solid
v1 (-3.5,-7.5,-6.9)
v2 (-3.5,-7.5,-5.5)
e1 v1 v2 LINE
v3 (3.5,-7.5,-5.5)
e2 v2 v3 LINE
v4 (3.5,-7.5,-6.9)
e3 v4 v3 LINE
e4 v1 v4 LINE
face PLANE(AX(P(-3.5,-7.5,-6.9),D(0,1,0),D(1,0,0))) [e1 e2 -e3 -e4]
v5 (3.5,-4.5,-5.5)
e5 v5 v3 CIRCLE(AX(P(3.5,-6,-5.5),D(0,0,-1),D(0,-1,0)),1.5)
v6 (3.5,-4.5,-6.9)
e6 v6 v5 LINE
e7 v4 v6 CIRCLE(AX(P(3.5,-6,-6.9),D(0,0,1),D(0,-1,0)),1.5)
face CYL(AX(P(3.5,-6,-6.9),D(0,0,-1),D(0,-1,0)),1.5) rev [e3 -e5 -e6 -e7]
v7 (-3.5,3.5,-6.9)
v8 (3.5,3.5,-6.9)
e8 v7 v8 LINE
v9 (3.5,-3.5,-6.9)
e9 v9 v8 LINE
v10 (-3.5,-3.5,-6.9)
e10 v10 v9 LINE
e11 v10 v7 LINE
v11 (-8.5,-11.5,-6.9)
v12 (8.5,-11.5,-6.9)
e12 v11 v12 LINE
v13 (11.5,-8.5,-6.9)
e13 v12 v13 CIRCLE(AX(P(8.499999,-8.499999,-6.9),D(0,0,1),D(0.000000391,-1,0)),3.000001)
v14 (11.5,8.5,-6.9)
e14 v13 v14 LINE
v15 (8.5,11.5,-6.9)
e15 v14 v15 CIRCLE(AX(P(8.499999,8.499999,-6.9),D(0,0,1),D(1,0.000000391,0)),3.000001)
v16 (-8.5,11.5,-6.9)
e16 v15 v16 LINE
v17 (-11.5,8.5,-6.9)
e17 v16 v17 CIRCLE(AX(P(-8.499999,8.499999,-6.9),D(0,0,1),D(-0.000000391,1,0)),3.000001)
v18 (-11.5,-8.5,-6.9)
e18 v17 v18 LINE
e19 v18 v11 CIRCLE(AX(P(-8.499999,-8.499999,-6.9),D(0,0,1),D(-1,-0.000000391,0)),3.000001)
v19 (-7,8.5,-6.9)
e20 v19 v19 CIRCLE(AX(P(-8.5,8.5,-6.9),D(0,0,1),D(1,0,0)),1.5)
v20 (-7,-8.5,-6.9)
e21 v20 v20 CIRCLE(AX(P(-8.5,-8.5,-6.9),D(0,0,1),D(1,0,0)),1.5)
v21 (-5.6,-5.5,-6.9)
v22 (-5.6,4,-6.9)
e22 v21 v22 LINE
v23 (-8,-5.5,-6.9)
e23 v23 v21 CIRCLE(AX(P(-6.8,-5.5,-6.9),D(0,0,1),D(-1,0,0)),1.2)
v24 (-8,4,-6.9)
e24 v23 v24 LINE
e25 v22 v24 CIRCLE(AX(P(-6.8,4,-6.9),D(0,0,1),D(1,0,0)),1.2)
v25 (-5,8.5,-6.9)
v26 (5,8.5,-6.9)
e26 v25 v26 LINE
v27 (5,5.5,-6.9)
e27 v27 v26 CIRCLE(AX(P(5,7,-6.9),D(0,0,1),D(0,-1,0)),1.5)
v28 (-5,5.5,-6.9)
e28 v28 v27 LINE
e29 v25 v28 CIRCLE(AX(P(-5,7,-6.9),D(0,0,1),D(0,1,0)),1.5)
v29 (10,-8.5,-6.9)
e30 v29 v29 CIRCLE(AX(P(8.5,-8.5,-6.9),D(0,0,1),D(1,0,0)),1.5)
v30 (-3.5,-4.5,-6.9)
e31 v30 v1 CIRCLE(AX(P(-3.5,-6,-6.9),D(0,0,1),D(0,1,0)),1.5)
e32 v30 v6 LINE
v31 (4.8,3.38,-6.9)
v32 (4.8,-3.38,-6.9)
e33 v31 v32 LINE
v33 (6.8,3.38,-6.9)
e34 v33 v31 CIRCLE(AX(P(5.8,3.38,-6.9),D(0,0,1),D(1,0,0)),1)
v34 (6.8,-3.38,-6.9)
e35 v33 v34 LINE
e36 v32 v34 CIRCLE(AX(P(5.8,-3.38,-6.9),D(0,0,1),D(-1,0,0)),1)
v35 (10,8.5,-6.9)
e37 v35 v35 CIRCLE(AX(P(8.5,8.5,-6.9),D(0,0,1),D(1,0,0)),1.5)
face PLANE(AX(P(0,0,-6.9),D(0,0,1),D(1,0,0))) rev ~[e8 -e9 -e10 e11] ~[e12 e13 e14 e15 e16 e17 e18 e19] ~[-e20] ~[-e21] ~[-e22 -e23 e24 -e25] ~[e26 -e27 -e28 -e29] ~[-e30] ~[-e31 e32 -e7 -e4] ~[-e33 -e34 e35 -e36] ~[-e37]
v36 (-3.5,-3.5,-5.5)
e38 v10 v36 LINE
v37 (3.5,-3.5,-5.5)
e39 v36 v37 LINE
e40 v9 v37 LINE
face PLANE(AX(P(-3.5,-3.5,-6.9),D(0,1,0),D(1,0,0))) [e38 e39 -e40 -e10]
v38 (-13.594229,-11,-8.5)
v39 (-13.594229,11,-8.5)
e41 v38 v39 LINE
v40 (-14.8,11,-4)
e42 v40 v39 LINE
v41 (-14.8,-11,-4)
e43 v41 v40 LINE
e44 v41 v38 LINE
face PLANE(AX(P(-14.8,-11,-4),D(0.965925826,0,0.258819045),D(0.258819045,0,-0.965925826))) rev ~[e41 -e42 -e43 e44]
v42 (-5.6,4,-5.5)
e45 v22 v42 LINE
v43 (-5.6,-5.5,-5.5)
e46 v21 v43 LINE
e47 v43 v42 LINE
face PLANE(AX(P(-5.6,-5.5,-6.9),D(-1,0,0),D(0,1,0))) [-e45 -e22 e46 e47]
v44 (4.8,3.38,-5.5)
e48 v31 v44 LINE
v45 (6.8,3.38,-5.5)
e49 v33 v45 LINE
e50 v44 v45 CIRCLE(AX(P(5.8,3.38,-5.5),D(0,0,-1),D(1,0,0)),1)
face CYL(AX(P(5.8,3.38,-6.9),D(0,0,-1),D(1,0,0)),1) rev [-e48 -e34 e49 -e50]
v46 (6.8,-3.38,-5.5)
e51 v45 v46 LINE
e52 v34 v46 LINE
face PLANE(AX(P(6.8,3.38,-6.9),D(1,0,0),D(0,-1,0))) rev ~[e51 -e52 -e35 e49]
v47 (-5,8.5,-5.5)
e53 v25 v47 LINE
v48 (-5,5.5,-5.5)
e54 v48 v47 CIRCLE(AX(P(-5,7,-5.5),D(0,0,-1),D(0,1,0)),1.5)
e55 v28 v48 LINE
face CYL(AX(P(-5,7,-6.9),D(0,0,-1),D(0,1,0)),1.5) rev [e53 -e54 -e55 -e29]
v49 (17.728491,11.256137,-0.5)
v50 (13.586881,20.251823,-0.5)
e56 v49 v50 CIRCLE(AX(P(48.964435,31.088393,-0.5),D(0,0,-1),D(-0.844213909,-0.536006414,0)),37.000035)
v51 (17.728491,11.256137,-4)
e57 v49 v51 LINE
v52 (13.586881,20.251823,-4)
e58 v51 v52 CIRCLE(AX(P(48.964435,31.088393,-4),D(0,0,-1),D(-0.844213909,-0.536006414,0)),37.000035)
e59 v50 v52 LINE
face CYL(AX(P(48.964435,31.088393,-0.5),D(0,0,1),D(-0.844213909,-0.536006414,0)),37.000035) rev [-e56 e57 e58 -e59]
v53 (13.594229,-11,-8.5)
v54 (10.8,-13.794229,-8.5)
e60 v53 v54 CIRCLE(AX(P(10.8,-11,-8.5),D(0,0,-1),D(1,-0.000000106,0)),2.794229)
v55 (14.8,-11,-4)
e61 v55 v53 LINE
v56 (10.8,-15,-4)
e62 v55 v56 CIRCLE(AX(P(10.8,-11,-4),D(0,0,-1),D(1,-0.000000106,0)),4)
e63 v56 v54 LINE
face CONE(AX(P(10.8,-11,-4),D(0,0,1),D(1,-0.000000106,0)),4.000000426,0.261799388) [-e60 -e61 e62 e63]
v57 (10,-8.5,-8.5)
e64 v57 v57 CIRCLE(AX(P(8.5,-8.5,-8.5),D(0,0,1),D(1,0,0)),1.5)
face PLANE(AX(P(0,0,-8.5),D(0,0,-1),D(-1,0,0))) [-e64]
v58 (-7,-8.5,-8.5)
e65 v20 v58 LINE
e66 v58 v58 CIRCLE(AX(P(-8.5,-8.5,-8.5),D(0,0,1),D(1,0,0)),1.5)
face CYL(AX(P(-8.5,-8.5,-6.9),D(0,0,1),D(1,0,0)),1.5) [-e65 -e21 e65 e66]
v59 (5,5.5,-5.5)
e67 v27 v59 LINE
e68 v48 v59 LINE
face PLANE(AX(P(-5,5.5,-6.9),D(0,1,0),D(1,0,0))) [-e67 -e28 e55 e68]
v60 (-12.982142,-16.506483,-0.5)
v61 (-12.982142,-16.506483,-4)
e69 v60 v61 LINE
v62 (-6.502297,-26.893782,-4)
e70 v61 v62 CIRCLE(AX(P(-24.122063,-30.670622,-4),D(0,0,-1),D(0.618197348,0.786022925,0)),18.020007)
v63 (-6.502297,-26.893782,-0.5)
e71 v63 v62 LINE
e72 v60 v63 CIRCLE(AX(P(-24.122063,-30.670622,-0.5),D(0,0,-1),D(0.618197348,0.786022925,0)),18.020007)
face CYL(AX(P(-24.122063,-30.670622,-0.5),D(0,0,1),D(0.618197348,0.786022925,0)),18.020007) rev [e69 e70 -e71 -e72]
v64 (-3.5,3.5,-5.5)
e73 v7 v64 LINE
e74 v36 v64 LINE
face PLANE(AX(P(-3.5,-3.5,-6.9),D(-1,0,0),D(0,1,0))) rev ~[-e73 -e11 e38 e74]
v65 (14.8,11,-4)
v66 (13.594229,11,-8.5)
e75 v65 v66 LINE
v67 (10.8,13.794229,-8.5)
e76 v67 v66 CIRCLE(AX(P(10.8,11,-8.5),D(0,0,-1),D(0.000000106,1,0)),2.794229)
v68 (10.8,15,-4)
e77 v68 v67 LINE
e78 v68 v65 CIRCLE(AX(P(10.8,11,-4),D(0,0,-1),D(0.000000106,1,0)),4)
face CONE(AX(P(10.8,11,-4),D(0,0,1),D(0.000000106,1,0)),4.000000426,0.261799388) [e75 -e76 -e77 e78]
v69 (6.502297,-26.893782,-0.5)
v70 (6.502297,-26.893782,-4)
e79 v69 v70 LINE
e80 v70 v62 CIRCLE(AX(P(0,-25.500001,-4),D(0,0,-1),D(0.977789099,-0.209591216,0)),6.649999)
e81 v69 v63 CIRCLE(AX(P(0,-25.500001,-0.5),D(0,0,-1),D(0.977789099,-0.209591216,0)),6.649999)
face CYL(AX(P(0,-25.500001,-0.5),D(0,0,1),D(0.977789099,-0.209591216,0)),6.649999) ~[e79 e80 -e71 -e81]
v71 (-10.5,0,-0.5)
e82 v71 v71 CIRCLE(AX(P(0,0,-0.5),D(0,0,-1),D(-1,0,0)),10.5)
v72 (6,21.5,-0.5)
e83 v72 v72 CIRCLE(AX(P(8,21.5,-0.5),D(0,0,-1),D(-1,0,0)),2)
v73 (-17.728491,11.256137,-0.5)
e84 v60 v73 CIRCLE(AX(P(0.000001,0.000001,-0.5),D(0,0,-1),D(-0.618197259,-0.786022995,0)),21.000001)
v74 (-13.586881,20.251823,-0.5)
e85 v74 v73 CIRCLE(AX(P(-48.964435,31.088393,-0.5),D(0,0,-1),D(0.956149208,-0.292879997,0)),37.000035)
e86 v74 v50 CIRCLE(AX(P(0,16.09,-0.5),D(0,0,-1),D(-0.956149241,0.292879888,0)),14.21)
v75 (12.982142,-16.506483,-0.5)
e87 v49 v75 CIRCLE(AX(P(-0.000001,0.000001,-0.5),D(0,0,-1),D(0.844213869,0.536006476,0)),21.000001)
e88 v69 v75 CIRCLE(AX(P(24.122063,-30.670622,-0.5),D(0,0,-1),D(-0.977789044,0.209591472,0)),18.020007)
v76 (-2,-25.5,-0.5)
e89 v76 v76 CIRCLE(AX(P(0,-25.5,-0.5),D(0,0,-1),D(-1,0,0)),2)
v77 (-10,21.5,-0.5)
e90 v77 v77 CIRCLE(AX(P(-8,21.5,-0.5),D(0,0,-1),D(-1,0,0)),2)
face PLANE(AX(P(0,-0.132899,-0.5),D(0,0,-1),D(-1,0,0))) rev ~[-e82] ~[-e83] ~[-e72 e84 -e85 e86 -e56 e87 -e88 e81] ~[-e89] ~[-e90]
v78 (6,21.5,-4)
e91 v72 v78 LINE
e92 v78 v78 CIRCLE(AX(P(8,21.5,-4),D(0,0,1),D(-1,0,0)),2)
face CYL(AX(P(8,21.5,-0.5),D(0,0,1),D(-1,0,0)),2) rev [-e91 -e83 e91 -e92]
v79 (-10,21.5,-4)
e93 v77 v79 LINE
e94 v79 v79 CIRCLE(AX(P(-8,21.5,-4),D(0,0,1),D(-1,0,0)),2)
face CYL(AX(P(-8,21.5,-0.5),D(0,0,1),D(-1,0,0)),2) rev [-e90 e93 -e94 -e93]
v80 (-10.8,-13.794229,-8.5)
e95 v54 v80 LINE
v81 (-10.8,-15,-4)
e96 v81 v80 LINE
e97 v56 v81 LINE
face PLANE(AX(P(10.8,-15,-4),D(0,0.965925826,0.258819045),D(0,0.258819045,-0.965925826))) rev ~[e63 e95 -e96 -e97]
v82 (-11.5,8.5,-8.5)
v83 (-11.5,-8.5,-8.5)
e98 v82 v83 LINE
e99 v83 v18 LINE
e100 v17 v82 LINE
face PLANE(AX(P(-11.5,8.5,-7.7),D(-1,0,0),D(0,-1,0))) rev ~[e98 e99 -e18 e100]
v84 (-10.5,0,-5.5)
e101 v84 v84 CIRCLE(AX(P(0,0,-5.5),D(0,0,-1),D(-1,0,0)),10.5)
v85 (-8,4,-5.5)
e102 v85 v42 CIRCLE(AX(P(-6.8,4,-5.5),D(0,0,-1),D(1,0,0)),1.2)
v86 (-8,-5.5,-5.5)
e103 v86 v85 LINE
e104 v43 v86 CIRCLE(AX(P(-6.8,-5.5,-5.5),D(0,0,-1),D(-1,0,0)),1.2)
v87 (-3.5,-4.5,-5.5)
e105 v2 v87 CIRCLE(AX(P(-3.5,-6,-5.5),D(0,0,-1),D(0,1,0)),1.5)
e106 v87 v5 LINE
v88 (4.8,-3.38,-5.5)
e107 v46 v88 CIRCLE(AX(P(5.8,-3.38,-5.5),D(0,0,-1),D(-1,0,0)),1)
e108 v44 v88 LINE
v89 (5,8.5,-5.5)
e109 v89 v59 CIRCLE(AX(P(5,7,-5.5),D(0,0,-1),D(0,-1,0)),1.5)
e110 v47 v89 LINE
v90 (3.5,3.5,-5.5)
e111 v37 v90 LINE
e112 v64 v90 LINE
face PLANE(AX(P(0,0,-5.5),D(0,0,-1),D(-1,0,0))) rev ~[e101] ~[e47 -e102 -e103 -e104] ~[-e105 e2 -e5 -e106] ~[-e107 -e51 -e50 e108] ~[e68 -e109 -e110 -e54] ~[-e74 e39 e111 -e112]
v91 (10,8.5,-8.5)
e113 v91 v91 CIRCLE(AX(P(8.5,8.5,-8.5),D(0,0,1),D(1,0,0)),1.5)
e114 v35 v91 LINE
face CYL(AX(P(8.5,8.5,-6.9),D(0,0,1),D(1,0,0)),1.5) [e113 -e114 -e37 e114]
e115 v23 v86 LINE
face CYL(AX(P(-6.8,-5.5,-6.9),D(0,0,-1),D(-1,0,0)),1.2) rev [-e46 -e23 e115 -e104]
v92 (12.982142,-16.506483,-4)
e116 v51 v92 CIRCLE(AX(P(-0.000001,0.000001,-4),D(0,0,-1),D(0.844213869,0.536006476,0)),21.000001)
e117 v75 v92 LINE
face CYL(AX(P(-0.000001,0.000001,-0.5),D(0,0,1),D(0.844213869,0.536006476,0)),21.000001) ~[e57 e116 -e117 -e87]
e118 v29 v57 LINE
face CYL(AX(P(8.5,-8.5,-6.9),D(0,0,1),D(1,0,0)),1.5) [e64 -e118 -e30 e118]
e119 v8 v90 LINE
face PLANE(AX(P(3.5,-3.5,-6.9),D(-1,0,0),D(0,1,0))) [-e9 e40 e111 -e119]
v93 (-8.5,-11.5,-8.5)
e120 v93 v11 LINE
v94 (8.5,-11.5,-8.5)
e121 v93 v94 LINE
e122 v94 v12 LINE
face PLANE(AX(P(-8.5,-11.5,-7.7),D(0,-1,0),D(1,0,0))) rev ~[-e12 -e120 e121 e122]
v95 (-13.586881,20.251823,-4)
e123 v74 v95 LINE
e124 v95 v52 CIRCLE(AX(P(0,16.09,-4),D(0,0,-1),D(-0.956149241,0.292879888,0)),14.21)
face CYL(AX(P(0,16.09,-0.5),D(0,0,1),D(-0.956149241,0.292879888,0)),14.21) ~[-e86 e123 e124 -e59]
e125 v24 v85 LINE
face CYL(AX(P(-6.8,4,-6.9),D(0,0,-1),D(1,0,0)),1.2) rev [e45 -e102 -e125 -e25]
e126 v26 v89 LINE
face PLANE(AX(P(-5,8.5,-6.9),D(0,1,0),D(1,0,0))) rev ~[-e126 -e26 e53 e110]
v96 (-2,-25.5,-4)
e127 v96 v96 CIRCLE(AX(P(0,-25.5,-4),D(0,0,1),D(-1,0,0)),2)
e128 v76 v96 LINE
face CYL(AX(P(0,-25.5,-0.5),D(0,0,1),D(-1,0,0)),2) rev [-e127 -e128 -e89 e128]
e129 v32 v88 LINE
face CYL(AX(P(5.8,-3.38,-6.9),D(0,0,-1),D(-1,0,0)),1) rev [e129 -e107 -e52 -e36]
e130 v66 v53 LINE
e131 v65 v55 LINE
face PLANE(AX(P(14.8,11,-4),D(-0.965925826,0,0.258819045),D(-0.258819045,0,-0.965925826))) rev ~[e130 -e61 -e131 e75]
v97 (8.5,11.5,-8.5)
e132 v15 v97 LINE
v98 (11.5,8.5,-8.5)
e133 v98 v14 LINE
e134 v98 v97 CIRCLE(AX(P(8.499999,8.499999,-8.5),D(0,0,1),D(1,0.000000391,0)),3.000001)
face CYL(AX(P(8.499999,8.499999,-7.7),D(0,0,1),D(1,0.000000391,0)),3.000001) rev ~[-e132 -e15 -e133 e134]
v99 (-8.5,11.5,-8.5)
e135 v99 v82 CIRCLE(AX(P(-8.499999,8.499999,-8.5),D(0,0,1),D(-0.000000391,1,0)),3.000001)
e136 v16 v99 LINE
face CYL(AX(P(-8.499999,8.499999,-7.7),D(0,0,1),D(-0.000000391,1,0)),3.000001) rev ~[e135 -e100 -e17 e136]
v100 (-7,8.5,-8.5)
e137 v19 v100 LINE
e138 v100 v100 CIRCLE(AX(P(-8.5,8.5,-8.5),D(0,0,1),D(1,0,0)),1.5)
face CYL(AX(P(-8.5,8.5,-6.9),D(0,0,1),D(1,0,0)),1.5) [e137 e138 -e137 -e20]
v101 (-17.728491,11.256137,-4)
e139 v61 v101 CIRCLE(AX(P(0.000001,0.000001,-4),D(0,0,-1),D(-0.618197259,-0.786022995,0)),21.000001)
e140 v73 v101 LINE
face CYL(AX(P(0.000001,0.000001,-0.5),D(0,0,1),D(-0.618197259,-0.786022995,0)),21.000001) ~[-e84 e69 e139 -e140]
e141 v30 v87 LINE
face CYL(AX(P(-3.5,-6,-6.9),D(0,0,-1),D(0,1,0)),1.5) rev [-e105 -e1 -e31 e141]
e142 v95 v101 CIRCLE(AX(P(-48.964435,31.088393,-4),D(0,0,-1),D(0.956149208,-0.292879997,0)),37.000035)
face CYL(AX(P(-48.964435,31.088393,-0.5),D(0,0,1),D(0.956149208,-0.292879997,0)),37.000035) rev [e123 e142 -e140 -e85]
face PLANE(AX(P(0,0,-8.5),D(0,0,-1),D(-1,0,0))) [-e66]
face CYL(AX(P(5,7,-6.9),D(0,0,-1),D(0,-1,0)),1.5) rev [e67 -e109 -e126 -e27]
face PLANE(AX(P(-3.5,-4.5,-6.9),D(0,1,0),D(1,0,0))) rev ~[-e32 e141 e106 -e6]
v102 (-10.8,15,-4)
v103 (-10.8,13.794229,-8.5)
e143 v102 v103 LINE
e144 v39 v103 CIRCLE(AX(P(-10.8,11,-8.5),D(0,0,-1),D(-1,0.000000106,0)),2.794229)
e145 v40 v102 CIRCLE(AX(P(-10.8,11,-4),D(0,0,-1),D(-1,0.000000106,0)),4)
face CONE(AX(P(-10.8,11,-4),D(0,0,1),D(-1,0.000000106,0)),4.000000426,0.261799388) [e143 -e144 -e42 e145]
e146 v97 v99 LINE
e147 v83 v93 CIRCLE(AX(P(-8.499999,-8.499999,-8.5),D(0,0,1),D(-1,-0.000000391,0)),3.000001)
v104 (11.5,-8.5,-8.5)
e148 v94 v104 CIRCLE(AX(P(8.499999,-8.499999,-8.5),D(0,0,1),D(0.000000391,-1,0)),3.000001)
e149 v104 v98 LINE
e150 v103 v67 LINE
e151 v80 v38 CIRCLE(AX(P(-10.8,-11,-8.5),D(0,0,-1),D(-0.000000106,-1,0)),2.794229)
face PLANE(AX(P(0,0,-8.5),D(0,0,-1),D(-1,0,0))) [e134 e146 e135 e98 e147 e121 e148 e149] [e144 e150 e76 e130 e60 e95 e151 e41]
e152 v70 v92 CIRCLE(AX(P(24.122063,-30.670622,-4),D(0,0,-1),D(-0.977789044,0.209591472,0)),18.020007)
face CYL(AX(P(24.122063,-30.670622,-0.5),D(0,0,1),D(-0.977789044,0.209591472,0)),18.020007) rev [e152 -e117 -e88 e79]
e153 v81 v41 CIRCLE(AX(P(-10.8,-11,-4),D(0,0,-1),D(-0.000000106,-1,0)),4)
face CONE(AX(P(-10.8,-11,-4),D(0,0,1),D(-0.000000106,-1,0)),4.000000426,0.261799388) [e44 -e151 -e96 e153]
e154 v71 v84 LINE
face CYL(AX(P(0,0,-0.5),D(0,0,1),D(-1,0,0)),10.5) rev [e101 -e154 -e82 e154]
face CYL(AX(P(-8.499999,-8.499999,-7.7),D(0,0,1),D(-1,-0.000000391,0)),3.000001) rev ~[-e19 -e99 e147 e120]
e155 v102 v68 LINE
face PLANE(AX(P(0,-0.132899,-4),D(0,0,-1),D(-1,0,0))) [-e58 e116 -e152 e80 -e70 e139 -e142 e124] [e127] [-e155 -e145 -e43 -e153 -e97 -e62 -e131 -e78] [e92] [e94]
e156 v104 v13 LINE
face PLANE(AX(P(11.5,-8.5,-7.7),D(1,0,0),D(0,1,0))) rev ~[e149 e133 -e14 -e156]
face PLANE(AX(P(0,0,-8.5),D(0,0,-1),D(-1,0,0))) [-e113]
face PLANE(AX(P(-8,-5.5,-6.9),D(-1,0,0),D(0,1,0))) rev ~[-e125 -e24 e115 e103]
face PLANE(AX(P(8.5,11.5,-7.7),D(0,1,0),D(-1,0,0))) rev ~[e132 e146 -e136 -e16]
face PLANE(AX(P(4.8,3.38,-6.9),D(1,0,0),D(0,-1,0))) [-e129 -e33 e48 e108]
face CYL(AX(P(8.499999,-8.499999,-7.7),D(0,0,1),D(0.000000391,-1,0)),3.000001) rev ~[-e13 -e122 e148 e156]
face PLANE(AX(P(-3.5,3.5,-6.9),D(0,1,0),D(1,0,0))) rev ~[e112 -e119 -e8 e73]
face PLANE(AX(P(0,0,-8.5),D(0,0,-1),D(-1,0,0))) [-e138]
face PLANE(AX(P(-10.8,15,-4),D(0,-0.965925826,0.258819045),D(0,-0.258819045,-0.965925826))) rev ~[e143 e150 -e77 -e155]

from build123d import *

# Parameters (mm, degrees)
PAD015_DEPTH            = 0.8
SKETCH029_W             = 7
SKETCH029_H             = 7
PAD017_DEPTH            = 1.5
SKETCH028_R             = 1.5
HOLE008_DEPTH           = 25
SKETCH022_R             = 10.5
PAD020_DEPTH            = 3.5
PAD021_DEPTH            = 4.5
PAD021_TAPER            = 15
SKETCH023_R             = 2
HOLE010_DEPTH           = 25
SKETCH036_R             = 10.5
POCKET003_DEPTH         = 5
BODY009_PLACEMENT_ANGLE = 180


with BuildPart() as as5600:
    # Sketch027 → Pad015 (new body, symmetric)
    with BuildSketch(Plane.XY):
        with BuildLine():
            Line((-11.5, 8.5), (-11.5, -8.5))
            ThreePointArc((-11.5, -8.5), (-10.62132, -10.62132), (-8.5, -11.5))
            Line((-8.5, -11.5), (8.5, -11.5))
            ThreePointArc((8.5, -11.5), (10.62132, -10.62132), (11.5, -8.5))
            Line((11.5, -8.5), (11.5, 8.5))
            ThreePointArc((11.5, 8.5), (10.62132, 10.62132), (8.5, 11.5))
            Line((8.5, 11.5), (-8.5, 11.5))
            ThreePointArc((-8.5, 11.5), (-10.62132, 10.62132), (-11.5, 8.5))
        make_face()
    extrude(amount=PAD015_DEPTH, both=True)

    # Sketch029 → Pad017 (join)
    with BuildSketch(Plane.XY.offset(0.8)):
        with BuildLine():
            ThreePointArc((-5, 8.5), (-6.5, 7), (-5, 5.5))
            Line((-5, 5.5), (5, 5.5))
            ThreePointArc((5, 5.5), (6.5, 7), (5, 8.5))
            Line((-5, 8.5), (5, 8.5))
        make_face()
        with BuildLine():
            ThreePointArc((-3.5, -4.5), (-5, -6), (-3.5, -7.5))
            Line((-3.5, -7.5), (3.5, -7.5))
            ThreePointArc((3.5, -7.5), (5, -6), (3.5, -4.5))
            Line((-3.5, -4.5), (3.5, -4.5))
        make_face()
        Rectangle(SKETCH029_W, SKETCH029_H)
        with BuildLine():
            ThreePointArc((-8, -5.5), (-6.8, -6.7), (-5.6, -5.5))
            Line((-5.6, -5.5), (-5.6, 4))
            ThreePointArc((-5.6, 4), (-6.8, 5.2), (-8, 4))
            Line((-8, -5.5), (-8, 4))
        make_face()
        with BuildLine():
            ThreePointArc((6.8, 3.38), (5.8, 4.38), (4.8, 3.38))
            Line((4.8, 3.38), (4.8, -3.38))
            ThreePointArc((4.8, -3.38), (5.8, -4.38), (6.8, -3.38))
            Line((6.8, 3.38), (6.8, -3.38))
        make_face()
    extrude(amount=PAD017_DEPTH)

    # Sketch028 (on Face10 of Pad015) → Hole008 (cut)
    with BuildSketch(Plane.XY.offset(0.8)):
        with Locations((-8.5, 8.5)):
            Circle(SKETCH028_R)
        with Locations((8.5, 8.5)):
            Circle(SKETCH028_R)
        with Locations((-8.5, -8.5)):
            Circle(SKETCH028_R)
        with Locations((8.5, -8.5)):
            Circle(SKETCH028_R)
    extrude(amount=-HOLE008_DEPTH, mode=Mode.SUBTRACT)


with BuildPart() as as5600_1:
    # Body001 placement: moved
    add(as5600.part.moved(Location((0, 0, -7.7))))


with BuildPart() as holderas5600:
    # Sketch022 → Pad020 (new body)
    with BuildSketch(Plane.XY):
        with BuildLine():
            ThreePointArc((13.586881, 20.251823), (0, 30.3), (-13.586881, 20.251823))
            ThreePointArc((-17.728491, 11.256137), (-15.355357, 15.614788), (-13.586881, 20.251823))
            ThreePointArc((-17.728491, 11.256137), (-20.699674, -3.538854), (-12.982142, -16.506483))
            ThreePointArc((-6.502297, -26.893782), (-8.833051, -21.132971), (-12.982142, -16.506483))
            ThreePointArc((-6.502297, -26.893782), (0, -32.15), (6.502297, -26.893782))
            ThreePointArc((12.982142, -16.506483), (8.833051, -21.132971), (6.502297, -26.893782))
            ThreePointArc((12.982142, -16.506483), (20.699674, -3.538854), (17.728491, 11.256137))
            ThreePointArc((13.586881, 20.251823), (15.355357, 15.614788), (17.728491, 11.256137))
        make_face()
        Circle(SKETCH022_R, mode=Mode.SUBTRACT)
    extrude(amount=PAD020_DEPTH)

    # Sketch026 (on Face11 of Pad020) → Pad021 (join)
    with BuildSketch(Plane.XY.offset(3.5)):
        with BuildLine():
            Line((-14.8, 11), (-14.8, -11))
            ThreePointArc((-14.8, -11), (-13.628427, -13.828427), (-10.8, -15))
            Line((-10.8, -15), (10.8, -15))
            ThreePointArc((10.8, -15), (13.628427, -13.828427), (14.8, -11))
            Line((14.8, -11), (14.8, 11))
            ThreePointArc((14.8, 11), (13.628427, 13.828427), (10.8, 15))
            Line((10.8, 15), (-10.8, 15))
            ThreePointArc((-10.8, 15), (-13.628427, 13.828427), (-14.8, 11))
        make_face()
    extrude(amount=PAD021_DEPTH, taper=PAD021_TAPER)

    # Sketch023 → Hole010 (cut)
    with BuildSketch(Plane.XY):
        with Locations((0, -25.5)):
            Circle(SKETCH023_R)
        with Locations((-8, 21.5)):
            Circle(SKETCH023_R)
        with Locations((8, 21.5)):
            Circle(SKETCH023_R)
        with Locations((0, -25.5)):
            Circle(SKETCH023_R)
        with Locations((-8, 21.5)):
            Circle(SKETCH023_R)
        with Locations((8, 21.5)):
            Circle(SKETCH023_R)
    extrude(amount=HOLE010_DEPTH, mode=Mode.SUBTRACT)

    # Sketch036 → Pocket003 (cut)
    with BuildSketch(Plane.XY):
        Circle(SKETCH036_R)
    extrude(amount=POCKET003_DEPTH, mode=Mode.SUBTRACT)


with BuildPart() as holderas5600_1:
    # Body009 placement: moved
    add(holderas5600.part.moved(Location((0, 0, -0.5))).rotate(Axis((0, 0, -0.5), (0, 1, 0)), BODY009_PLACEMENT_ANGLE))

    # Cut009: cut AS5600
    add(as5600_1.part, mode=Mode.SUBTRACT)


solid = holderas5600_1.part
